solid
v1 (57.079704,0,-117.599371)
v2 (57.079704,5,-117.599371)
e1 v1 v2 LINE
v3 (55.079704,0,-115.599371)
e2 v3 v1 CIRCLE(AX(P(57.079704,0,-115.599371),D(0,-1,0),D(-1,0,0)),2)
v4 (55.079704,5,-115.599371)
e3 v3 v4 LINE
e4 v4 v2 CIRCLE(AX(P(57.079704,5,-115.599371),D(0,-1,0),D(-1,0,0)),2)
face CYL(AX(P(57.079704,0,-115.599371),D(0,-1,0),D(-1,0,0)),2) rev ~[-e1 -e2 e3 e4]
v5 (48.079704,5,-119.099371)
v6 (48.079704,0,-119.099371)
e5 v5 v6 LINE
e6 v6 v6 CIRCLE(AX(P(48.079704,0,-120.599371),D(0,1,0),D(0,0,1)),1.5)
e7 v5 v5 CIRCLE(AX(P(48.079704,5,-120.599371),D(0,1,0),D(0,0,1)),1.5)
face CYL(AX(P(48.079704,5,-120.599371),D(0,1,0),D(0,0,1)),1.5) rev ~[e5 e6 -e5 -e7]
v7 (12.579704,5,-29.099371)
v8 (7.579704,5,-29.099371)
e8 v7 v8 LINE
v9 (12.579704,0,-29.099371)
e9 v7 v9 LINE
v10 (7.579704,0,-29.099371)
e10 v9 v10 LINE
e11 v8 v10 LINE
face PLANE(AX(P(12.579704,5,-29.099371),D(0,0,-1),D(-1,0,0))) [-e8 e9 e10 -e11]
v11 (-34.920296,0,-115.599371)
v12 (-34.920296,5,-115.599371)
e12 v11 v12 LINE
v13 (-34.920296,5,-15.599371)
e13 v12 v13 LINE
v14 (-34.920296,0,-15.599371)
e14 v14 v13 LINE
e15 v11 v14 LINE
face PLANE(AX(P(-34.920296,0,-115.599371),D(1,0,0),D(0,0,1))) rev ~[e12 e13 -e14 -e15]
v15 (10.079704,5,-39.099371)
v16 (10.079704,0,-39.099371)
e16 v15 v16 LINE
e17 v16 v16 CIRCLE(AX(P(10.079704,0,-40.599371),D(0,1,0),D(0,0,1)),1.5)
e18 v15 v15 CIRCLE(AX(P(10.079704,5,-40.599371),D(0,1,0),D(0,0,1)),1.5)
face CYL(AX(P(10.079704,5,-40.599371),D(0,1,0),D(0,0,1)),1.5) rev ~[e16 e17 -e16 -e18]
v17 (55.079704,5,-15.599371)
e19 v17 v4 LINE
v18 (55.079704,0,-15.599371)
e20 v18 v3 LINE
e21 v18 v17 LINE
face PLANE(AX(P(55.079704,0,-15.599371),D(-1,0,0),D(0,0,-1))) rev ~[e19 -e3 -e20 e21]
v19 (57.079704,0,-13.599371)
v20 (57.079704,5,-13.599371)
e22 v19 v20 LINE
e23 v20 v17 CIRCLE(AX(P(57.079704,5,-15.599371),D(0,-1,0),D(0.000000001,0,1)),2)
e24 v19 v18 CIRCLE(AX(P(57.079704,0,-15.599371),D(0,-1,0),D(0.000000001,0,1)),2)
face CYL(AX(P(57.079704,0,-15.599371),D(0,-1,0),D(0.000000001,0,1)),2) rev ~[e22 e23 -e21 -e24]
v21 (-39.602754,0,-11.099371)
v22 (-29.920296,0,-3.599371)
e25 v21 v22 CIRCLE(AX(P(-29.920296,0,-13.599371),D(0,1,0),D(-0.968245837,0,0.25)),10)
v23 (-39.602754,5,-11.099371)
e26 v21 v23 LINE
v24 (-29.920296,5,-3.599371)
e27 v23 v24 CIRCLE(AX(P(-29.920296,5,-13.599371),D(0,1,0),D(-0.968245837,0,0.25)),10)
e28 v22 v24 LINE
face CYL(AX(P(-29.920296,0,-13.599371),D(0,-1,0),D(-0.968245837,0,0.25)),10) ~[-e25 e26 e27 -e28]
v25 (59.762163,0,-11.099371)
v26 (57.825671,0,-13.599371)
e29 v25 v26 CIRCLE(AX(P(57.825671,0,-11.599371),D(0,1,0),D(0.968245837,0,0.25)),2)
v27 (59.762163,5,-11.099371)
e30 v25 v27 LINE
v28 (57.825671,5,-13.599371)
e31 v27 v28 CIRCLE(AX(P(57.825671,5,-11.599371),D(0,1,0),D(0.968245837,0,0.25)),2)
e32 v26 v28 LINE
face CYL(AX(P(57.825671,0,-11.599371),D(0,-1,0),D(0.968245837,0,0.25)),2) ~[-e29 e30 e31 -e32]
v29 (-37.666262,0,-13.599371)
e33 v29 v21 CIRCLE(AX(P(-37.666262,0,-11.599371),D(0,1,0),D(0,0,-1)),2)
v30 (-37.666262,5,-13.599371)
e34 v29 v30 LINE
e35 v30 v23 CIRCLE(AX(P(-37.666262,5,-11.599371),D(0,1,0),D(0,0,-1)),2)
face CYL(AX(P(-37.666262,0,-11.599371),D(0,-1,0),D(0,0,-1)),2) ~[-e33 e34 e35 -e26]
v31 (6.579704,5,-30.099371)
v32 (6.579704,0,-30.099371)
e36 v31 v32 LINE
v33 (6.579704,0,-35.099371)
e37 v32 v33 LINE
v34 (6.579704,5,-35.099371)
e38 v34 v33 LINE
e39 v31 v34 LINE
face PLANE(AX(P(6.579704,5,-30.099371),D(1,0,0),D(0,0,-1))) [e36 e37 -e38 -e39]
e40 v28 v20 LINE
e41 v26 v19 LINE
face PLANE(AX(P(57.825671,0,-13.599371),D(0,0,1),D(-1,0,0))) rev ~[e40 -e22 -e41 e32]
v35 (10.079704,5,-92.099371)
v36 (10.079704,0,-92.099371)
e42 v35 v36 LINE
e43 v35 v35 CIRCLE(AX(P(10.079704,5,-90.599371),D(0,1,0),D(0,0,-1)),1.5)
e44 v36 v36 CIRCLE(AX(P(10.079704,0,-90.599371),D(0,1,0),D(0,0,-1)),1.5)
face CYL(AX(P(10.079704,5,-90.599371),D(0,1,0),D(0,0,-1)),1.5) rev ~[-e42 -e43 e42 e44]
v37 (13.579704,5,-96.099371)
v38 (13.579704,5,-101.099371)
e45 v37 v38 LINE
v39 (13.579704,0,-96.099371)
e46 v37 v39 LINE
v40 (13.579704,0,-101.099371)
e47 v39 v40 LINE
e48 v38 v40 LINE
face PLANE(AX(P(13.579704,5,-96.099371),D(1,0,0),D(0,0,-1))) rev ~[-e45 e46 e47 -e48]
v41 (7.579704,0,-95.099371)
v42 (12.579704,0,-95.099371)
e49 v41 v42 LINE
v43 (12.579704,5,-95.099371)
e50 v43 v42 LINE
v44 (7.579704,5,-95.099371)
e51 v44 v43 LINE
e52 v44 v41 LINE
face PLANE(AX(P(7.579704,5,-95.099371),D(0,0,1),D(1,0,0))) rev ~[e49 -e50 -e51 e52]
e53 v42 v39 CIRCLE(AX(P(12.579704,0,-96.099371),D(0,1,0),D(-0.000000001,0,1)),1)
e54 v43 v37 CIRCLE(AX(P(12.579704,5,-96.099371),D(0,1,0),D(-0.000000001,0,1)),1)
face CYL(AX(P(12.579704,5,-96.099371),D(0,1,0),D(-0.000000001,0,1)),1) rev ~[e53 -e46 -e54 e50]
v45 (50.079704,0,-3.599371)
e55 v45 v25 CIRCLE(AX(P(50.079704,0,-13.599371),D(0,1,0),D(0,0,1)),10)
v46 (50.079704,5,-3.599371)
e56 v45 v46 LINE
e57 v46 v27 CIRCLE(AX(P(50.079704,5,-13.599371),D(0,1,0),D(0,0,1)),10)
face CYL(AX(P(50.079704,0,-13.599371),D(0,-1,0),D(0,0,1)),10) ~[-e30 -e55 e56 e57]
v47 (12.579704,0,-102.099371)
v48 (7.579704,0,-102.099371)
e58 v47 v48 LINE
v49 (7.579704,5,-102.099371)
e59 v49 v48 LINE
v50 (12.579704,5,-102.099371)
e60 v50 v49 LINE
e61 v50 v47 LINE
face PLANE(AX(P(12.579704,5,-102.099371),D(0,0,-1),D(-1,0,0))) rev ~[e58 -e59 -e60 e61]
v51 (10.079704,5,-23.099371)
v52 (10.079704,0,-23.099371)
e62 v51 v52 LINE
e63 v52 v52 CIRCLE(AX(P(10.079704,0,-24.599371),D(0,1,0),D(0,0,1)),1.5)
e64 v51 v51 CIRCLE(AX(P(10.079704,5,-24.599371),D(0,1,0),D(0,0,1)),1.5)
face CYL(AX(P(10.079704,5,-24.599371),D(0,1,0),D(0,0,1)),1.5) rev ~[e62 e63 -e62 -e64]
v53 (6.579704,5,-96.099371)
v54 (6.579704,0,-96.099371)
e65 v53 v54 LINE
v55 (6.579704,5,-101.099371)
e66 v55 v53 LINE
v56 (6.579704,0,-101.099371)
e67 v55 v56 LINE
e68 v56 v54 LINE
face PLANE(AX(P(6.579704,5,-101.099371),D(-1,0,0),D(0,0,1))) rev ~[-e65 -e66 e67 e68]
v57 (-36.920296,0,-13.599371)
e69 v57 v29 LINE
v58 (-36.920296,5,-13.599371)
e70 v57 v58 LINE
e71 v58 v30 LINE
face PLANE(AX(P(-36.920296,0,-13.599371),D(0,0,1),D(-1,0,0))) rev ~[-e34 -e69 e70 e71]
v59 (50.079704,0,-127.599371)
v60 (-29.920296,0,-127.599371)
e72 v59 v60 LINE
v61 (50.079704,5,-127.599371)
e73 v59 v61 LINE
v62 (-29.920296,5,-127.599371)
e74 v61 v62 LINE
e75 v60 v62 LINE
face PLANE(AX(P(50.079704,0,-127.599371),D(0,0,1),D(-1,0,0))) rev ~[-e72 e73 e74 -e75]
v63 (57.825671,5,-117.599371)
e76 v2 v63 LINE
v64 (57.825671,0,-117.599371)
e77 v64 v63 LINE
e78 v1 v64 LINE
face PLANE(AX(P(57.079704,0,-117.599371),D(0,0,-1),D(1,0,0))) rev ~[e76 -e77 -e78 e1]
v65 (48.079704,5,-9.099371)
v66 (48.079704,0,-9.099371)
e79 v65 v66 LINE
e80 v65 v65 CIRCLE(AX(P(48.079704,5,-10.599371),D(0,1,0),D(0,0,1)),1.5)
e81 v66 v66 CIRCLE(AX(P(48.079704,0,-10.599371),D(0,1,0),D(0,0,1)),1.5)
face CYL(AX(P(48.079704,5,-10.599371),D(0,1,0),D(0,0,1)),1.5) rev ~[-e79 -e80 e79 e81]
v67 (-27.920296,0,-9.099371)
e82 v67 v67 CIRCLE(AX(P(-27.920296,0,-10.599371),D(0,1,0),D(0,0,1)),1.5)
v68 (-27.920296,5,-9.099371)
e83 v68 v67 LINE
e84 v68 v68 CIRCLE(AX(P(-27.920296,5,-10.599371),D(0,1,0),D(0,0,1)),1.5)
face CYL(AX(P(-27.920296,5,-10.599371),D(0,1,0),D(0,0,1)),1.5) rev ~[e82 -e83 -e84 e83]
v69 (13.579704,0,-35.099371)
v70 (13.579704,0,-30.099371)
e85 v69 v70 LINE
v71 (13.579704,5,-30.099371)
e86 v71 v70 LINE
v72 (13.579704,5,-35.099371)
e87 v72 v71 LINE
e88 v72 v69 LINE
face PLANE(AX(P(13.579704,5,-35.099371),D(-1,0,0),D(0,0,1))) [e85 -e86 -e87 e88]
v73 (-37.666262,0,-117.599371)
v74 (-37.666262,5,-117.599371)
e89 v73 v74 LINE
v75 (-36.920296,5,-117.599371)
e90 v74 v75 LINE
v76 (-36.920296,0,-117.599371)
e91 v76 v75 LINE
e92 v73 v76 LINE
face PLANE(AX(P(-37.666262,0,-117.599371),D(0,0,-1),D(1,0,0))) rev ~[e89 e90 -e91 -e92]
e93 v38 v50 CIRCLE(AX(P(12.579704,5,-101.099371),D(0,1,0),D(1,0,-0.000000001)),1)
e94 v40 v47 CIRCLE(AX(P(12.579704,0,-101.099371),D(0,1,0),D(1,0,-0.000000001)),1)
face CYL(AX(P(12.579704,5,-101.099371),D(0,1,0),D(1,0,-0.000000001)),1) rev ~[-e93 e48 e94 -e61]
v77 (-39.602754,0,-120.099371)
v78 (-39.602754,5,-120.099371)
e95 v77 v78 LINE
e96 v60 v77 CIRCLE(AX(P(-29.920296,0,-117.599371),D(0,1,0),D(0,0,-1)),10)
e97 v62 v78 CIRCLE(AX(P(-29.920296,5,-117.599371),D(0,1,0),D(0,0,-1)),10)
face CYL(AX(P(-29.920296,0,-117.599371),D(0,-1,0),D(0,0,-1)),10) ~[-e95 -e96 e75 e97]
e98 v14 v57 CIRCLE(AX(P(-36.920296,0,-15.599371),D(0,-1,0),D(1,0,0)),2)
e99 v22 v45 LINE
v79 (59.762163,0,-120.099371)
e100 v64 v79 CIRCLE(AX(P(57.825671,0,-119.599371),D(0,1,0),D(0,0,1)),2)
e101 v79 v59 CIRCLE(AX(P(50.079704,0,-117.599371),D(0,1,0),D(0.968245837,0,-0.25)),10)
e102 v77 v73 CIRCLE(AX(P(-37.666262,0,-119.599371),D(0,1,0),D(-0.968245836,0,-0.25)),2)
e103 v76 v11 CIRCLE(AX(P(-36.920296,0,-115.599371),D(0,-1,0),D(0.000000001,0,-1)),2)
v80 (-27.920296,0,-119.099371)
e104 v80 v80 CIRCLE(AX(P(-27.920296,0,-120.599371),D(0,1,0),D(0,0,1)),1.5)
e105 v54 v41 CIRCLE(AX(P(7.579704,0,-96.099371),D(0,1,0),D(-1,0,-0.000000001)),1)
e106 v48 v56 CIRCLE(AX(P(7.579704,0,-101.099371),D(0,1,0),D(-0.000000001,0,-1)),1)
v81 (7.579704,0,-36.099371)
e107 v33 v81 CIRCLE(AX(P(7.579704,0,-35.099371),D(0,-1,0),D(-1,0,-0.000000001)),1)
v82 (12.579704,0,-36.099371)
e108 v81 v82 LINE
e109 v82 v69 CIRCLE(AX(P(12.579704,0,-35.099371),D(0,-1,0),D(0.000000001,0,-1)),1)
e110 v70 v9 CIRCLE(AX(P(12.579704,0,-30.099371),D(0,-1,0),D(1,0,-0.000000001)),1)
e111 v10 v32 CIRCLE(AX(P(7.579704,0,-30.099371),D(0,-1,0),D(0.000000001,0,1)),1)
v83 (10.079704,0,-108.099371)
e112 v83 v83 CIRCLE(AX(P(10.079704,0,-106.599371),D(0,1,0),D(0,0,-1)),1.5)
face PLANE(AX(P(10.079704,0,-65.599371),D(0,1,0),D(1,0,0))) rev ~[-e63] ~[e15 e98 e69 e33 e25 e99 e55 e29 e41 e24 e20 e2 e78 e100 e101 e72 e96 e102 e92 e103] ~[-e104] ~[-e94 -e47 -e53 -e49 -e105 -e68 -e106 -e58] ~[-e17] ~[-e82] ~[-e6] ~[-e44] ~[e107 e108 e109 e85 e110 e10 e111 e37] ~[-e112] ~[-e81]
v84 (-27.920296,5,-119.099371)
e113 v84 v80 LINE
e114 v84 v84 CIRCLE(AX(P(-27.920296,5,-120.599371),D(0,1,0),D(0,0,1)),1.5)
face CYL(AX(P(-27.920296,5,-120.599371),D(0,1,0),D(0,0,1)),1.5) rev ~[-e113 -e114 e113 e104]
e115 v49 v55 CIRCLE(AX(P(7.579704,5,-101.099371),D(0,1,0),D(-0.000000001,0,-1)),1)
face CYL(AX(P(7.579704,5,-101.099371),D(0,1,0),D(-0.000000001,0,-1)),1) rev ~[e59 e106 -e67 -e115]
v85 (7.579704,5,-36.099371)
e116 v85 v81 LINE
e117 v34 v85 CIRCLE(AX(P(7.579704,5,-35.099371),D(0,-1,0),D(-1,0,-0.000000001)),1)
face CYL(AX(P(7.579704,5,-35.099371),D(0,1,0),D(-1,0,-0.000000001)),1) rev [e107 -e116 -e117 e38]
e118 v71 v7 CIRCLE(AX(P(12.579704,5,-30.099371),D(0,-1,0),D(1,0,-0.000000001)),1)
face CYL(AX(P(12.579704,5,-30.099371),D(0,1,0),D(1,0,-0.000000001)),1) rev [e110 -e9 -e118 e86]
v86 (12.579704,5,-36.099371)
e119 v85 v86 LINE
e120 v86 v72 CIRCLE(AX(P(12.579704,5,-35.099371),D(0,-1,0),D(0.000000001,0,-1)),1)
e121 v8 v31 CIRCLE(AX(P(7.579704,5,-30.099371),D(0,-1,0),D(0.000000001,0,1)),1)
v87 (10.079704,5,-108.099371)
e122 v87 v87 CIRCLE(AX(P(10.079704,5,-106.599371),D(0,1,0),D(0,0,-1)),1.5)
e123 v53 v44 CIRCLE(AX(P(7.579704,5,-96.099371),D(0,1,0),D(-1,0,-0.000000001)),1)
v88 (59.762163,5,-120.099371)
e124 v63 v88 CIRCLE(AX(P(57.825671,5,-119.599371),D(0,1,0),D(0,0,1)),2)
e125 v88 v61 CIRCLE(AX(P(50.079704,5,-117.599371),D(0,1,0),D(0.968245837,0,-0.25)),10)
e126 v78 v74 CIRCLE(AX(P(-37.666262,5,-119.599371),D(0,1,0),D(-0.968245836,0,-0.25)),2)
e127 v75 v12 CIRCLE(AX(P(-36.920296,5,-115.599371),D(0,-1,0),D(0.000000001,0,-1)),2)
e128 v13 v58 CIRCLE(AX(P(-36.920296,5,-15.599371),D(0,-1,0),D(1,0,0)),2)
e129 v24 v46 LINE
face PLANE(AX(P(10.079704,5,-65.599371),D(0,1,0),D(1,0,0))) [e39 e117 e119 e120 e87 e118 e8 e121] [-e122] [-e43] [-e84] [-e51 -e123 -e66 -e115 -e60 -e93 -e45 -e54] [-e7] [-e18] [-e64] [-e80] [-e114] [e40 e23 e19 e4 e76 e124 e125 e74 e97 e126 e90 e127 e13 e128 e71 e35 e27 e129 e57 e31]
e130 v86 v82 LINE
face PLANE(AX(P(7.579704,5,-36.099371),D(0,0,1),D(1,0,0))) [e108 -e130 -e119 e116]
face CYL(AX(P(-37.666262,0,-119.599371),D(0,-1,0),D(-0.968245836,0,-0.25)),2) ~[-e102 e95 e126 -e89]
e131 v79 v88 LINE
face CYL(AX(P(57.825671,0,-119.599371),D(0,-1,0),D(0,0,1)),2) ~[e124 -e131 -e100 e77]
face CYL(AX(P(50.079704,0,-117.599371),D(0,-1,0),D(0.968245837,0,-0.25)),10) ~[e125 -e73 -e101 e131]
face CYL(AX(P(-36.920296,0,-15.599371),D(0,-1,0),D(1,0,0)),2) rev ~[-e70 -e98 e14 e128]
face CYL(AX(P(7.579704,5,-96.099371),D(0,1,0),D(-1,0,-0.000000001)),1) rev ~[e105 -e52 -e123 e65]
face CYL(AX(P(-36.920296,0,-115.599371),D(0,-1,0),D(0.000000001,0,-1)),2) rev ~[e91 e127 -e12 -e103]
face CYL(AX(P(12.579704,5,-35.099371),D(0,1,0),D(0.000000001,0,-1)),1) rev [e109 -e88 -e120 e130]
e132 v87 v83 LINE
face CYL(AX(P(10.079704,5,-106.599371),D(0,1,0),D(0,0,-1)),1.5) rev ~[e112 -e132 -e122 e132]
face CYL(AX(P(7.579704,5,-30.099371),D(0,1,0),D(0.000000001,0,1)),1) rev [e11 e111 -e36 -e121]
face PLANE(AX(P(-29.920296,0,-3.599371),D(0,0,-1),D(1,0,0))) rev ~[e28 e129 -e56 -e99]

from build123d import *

# Parameters (mm, degrees)
RESSALTO_EXTRUS_O1_DEPTH = 5
ESBO_O2_R                = 1.5
CORTE_EXTRUS_O1_DEPTH    = 5
ESBO_O3_R                = 1.5
CORTE_EXTRUS_O2_DEPTH    = 10


with BuildPart() as part:
    # Esboço1 → Ressalto-extrusão1 (new body)
    with BuildSketch(Plane(origin=(0, 0, 0), x_dir=(1, 0, 0), z_dir=(0, 1, 0))):
        with BuildLine():
            Line((57.825671094, 13.599370915), (57.079704402, 13.599370915))
            ThreePointArc((57.079704402, 13.599370915), (55.665490839, 14.185157352), (55.079704402, 15.599370915))
            Line((55.079704402, 15.599370915), (55.079704402, 115.599370915))
            ThreePointArc((55.079704402, 115.599370915), (55.665490839, 117.013584477), (57.079704402, 117.599370915))
            Line((57.079704402, 117.599370915), (57.825671094, 117.599370915))
            ThreePointArc((57.825671094, 117.599370915), (59.406809924, 118.374626043), (59.762162767, 120.099370915))
            ThreePointArc((59.762162767, 120.099370915), (56.203428759, 125.505065065), (50.079704402, 127.599370915))
            Line((50.079704402, 127.599370915), (-29.920295598, 127.599370915))
            ThreePointArc((-29.920295598, 127.599370915), (-36.044019955, 125.505065065), (-39.602753964, 120.099370915))
            ThreePointArc((-39.602753964, 120.099370915), (-39.247401121, 118.374626043), (-37.666262291, 117.599370915))
            Line((-37.666262291, 117.599370915), (-36.920295598, 117.599370915))
            ThreePointArc((-36.920295598, 117.599370915), (-35.506082036, 117.013584477), (-34.920295598, 115.599370915))
            Line((-34.920295598, 115.599370915), (-34.920295598, 15.599370915))
            ThreePointArc((-34.920295598, 15.599370915), (-35.506082036, 14.185157352), (-36.920295598, 13.599370915))
            Line((-36.920295598, 13.599370915), (-37.666262291, 13.599370915))
            ThreePointArc((-37.666262291, 13.599370915), (-39.247401121, 12.824115786), (-39.602753964, 11.099370915))
            ThreePointArc((-39.602753964, 11.099370915), (-36.044019955, 5.693676764), (-29.920295598, 3.599370915))
            Line((-29.920295598, 3.599370915), (50.079704402, 3.599370915))
            ThreePointArc((50.079704402, 3.599370915), (56.203428759, 5.693676764), (59.762162767, 11.099370915))
            ThreePointArc((59.762162767, 11.099370915), (59.406809924, 12.824115786), (57.825671094, 13.599370915))
        make_face()
    extrude(amount=RESSALTO_EXTRUS_O1_DEPTH)

    # Esboço2 → Corte-extrusão1 (cut)
    with BuildSketch(Plane(origin=(0, 5, 0), x_dir=(1, 0, 0), z_dir=(0, 1, 0))):
        with Locations(Location((10.079704402, 24.599370915, 0), (0, 0, 270))):
            Circle(ESBO_O2_R)
        with Locations(Location((10.079704402, 40.599370915, 0), (0, 0, 270))):
            Circle(ESBO_O2_R)
        with Locations(Location((10.079704402, 90.599370915, 0), (0, 0, 90))):
            Circle(ESBO_O2_R)
        with Locations(Location((10.079704402, 106.599370915, 0), (0, 0, 90))):
            Circle(ESBO_O2_R)
        with BuildLine():
            Line((13.579704402, 96.099370915), (13.579704402, 101.099370915))
            ThreePointArc((13.579704402, 101.099370915), (13.286811183, 101.806477696), (12.579704402, 102.099370915))
            Line((12.579704402, 102.099370915), (7.579704402, 102.099370915))
            ThreePointArc((7.579704402, 102.099370915), (6.872597621, 101.806477696), (6.579704402, 101.099370915))
            Line((6.579704402, 101.099370915), (6.579704402, 96.099370915))
            ThreePointArc((6.579704402, 96.099370915), (6.872597621, 95.392264133), (7.579704402, 95.099370915))
            Line((7.579704402, 95.099370915), (12.579704402, 95.099370915))
            ThreePointArc((12.579704402, 95.099370915), (13.286811183, 95.392264133), (13.579704402, 96.099370915))
        make_face()
        with BuildLine():
            Line((7.579704402, 36.099370915), (12.579704402, 36.099370915))
            ThreePointArc((12.579704402, 36.099370915), (13.286811183, 35.806477696), (13.579704402, 35.099370915))
            Line((13.579704402, 35.099370915), (13.579704402, 30.099370915))
            ThreePointArc((13.579704402, 30.099370915), (13.286811183, 29.392264133), (12.579704402, 29.099370915))
            Line((12.579704402, 29.099370915), (7.579704402, 29.099370915))
            ThreePointArc((7.579704402, 29.099370915), (6.872597621, 29.392264133), (6.579704402, 30.099370915))
            Line((6.579704402, 30.099370915), (6.579704402, 35.099370915))
            ThreePointArc((6.579704402, 35.099370915), (6.872597621, 35.806477696), (7.579704402, 36.099370915))
        make_face()
    extrude(amount=-CORTE_EXTRUS_O1_DEPTH, mode=Mode.SUBTRACT)

    # Esboço3 → Corte-extrusão2 (cut)
    with BuildSketch(Plane(origin=(0, 5, 0), x_dir=(1, 0, 0), z_dir=(0, 1, 0))):
        with Locations(Location((-27.920295598, 10.599370915, 0), (0, 0, 270))):
            Circle(ESBO_O3_R)
        with Locations(Location((48.079704402, 10.599370915, 0), (0, 0, 270))):
            Circle(ESBO_O3_R)
        with Locations(Location((-27.920295598, 120.599370915, 0), (0, 0, 270))):
            Circle(ESBO_O3_R)
        with Locations(Location((48.079704402, 120.599370915, 0), (0, 0, 270))):
            Circle(ESBO_O3_R)
    extrude(amount=-CORTE_EXTRUS_O2_DEPTH, mode=Mode.SUBTRACT)


solid = part.part
